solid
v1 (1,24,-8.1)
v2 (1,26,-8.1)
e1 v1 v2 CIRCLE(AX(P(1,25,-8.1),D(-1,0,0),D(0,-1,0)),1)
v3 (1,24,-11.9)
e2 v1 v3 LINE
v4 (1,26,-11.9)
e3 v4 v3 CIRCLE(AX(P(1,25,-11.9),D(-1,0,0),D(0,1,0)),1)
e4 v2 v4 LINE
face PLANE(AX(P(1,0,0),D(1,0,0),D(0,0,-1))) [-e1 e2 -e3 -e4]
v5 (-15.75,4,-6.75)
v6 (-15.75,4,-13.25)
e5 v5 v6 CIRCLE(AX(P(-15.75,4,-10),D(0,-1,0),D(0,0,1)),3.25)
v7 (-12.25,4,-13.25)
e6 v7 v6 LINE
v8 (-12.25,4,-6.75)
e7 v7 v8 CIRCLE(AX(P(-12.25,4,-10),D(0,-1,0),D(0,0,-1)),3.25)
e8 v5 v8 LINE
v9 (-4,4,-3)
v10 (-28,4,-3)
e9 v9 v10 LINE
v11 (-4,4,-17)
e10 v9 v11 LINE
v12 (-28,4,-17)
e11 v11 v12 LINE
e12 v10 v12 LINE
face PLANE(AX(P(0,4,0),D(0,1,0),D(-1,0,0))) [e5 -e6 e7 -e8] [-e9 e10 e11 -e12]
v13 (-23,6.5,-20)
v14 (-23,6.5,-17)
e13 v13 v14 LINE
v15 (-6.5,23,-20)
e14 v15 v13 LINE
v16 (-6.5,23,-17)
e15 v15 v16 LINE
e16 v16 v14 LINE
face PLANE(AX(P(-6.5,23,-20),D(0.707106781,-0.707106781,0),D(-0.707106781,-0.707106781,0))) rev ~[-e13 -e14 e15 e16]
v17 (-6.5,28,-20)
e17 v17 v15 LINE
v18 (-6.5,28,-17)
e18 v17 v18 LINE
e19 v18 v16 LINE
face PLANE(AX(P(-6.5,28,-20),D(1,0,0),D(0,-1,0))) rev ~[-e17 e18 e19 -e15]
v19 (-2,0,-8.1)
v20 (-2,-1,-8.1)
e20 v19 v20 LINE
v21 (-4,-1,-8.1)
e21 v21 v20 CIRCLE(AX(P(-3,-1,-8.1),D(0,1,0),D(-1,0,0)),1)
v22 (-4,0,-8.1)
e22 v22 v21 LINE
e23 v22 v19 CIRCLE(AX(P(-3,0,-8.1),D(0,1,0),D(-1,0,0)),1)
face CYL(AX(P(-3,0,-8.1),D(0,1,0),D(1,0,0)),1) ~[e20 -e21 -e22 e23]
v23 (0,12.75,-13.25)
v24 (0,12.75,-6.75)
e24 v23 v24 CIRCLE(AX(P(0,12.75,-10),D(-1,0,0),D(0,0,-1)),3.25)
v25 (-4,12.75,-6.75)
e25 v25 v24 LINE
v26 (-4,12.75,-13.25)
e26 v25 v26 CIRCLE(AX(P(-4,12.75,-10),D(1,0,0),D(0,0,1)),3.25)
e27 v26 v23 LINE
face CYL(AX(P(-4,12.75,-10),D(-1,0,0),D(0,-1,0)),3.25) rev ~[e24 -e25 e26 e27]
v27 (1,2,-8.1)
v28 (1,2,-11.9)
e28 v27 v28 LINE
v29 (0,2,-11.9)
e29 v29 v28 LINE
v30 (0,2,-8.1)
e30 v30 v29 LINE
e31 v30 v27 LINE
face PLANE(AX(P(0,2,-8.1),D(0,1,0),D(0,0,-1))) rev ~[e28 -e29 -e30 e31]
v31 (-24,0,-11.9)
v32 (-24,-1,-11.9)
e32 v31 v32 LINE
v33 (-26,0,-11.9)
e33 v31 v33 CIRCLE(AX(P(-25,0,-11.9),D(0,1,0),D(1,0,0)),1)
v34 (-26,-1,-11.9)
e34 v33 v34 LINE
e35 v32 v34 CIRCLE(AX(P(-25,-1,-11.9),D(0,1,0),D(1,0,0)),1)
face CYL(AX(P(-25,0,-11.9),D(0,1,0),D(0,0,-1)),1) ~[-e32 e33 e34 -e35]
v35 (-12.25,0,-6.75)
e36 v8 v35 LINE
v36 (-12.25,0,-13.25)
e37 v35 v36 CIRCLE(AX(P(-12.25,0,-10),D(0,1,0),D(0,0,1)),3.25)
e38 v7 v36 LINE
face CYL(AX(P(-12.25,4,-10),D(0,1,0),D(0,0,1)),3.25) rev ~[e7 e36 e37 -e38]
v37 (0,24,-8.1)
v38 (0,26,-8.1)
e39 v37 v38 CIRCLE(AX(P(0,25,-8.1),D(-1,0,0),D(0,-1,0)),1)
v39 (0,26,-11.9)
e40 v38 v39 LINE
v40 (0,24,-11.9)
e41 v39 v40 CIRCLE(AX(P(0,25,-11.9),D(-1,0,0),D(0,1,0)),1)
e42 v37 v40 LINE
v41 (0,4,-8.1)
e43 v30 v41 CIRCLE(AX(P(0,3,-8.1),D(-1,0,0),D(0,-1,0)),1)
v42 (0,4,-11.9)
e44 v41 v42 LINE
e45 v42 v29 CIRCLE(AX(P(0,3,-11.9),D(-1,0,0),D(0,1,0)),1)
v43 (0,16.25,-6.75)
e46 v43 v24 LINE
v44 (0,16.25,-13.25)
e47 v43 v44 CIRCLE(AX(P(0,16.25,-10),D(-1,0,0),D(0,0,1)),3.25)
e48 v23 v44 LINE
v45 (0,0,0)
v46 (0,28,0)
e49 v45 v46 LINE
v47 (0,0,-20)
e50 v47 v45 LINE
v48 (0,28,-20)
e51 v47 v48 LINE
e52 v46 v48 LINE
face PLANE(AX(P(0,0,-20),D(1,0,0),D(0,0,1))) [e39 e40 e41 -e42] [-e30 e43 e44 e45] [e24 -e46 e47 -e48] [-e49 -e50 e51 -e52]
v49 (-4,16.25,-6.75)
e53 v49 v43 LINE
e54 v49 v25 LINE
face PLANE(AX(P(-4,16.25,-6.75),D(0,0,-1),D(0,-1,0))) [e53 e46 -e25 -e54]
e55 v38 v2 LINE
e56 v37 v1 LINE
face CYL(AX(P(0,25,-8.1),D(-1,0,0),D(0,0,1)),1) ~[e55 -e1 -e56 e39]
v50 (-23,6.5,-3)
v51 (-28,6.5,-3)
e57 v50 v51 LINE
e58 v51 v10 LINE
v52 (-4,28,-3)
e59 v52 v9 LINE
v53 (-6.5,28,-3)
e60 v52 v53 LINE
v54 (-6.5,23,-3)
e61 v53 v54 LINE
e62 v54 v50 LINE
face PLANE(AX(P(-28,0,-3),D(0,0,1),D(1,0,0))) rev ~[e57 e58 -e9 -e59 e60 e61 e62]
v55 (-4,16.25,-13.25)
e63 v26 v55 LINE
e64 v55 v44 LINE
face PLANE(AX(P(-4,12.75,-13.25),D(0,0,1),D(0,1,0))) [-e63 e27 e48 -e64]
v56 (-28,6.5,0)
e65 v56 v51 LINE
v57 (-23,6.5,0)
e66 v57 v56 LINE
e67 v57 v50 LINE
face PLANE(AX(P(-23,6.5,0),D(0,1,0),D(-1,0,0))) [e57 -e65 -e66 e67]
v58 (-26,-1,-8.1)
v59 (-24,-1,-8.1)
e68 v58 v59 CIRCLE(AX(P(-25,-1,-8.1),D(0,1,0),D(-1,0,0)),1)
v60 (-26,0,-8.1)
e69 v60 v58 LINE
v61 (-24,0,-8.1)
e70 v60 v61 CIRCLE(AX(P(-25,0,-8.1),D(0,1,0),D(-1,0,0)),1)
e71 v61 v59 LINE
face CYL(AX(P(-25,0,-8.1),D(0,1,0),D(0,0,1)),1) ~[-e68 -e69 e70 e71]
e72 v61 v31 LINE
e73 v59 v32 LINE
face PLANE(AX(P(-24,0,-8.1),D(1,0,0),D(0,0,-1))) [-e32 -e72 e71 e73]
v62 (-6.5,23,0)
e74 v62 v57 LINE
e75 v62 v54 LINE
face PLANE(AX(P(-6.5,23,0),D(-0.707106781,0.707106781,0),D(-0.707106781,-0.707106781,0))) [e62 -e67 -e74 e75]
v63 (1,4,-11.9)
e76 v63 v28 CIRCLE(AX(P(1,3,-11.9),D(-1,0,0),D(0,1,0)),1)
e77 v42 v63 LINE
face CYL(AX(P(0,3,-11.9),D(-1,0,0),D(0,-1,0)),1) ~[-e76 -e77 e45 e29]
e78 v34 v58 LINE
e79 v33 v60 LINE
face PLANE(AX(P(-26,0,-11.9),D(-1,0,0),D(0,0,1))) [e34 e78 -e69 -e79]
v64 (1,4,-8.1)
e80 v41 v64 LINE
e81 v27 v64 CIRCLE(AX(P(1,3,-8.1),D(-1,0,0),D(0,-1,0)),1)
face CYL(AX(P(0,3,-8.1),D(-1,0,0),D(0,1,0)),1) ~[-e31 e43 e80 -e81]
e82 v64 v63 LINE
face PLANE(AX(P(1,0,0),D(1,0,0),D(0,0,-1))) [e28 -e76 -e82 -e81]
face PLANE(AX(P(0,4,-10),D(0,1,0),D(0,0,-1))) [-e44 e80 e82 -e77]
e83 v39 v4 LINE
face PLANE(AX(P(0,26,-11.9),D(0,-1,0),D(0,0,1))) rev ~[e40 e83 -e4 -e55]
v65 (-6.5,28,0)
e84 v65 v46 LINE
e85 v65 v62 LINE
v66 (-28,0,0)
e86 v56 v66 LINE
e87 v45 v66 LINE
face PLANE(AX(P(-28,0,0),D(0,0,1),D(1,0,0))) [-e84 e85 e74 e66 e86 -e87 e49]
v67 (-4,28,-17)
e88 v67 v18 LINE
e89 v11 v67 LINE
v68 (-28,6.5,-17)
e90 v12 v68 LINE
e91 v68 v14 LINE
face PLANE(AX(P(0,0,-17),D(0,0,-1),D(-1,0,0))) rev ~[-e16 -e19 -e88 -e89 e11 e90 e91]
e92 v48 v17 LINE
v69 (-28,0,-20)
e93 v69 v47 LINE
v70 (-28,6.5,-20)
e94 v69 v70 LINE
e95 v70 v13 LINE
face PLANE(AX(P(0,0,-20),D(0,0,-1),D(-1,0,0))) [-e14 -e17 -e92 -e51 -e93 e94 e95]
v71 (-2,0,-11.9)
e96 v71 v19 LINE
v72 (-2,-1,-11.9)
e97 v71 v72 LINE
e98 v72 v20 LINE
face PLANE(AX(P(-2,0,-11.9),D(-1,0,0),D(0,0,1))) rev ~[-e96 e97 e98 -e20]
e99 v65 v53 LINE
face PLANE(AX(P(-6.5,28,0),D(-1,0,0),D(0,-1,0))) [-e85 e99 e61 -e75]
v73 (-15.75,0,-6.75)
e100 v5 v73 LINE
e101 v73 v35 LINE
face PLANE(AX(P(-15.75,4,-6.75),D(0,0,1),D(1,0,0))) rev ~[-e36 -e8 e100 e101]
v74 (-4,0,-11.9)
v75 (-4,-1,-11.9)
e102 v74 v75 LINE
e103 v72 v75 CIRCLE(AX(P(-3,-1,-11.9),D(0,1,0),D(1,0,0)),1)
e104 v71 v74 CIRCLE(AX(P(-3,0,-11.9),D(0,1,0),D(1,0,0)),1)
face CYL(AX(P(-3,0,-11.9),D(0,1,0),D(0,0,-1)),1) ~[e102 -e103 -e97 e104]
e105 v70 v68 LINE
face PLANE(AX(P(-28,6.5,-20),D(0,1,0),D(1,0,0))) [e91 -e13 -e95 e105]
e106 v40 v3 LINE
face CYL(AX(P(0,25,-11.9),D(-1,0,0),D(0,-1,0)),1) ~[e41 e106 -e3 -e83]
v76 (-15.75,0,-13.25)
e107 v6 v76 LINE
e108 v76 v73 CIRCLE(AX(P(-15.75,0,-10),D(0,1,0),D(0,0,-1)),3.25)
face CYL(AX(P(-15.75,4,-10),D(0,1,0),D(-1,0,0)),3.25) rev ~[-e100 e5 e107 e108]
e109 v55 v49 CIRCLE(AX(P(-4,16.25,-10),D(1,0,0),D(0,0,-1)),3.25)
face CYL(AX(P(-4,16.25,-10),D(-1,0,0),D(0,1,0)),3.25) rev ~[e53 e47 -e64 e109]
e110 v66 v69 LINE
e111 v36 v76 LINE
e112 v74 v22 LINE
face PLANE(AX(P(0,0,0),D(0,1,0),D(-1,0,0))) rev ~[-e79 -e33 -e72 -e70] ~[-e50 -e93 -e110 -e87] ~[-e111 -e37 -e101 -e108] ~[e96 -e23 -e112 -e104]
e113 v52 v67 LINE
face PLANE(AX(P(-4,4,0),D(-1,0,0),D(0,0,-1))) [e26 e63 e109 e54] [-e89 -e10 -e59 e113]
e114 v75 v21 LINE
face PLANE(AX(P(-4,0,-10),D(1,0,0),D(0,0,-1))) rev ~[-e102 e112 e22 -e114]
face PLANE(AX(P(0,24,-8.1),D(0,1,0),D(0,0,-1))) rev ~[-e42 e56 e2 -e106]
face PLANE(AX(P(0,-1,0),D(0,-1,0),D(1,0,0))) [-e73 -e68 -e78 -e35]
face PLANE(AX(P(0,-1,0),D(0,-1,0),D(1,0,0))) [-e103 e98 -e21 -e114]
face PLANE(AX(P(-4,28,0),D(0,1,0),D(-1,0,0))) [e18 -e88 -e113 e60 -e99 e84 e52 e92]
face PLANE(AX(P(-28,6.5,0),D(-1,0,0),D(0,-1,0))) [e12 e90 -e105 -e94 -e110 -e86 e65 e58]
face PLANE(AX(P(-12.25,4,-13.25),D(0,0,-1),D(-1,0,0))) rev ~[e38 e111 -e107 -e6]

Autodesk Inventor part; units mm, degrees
ref_plane "YZ Plane" through (0, 0, 0) normal (1, 0, 0) x (0, 1, 0)
ref_plane "XZ Plane" through (0, 0, 0) normal (0, 1, 0) x (-1, 0, 0)
ref_plane "XY Plane" through (0, 0, 0) normal (0, 0, 1) x (1, 0, 0)
sketch "Sketch1" plane through (0, 0, 0) normal (0, 1, 0) x (-1, 0, 0)
  line L0 (0, 0) -> (28, 0)
  line L1 (28, 0) -> (28, -20)
  line L2 (28, -20) -> (0, -20)
  line L3 (0, -20) -> (0, 0)
  dimension "d0" = 28
  dimension "d1" = 20
extrude "Extrusion1" add sketch "Sketch1" along normal blind 4
sketch "Sketch2" plane through (0, 4, 0) normal (0, 1, 0) x (1, 0, 0)
  line L0 (0, 20) -> (-28, 20) projected
  line L1 (-28, 20) -> (-28, 0) projected
  line L2 (-28, 0) -> (0, 0) projected
  line L3 (0, 0) -> (0, 20) projected
  line L4 (0, 0) -> (-4, 0)
  line L5 (-4, 0) -> (-4, 20)
  line L6 (-4, 20) -> (0, 20)
  line L7 (0, 20) -> (0, 0)
  dimension "d4" = 4
extrude "Extrusion2" add sketch "Sketch2" along normal blind 24 contours L3 L2 L5 L0
sketch "Sketch3" plane through (-4, 4, -20) normal (-1, 0, 0) x (0, 0, 1)
  line L0 (20, -4) -> (0, -4) projected
  line L1 (0, -4) -> (0, 24) projected
  line L2 (20, 24) -> (0, 24) projected
  line L3 (20, -4) -> (20, 24) projected
  line L4 (0, -4) -> (0, 24) projected
  line L5 (10, 15.5) -> (10, 15.5)
  line L6 (13.25, 12.25) -> (13.25, 8.75)
  line L7 (10, 5.5) -> (10, 5.5)
  line L8 (6.75, 8.75) -> (6.75, 12.25)
  line L9 (6.75, 15.5) -> (13.25, 5.5) construction
  line L10 (13.25, 15.5) -> (6.75, 5.5) construction
  arc A0 (10, 5.5) -> (13.25, 8.75) centre (10, 8.75) ccw
  arc A1 (6.75, 8.75) -> (10, 5.5) centre (10, 8.75) ccw
  arc A2 (13.25, 12.25) -> (10, 15.5) centre (10, 12.25) ccw
  arc A3 (10, 15.5) -> (6.75, 12.25) centre (10, 12.25) ccw
  point P0 (10, 10.5)
  point P1 (10, 15.5)
  dimension "d7" = 6.5
  dimension "d8" = 10
  dimension "d9" = 3.25
  dimension "d10" = 3.25
  dimension "d11" = 3.25
extrude "Extrusion3" cut sketch "Sketch3" against normal blind 4 contours L6 A0 A1 L8 A3 A2
sketch "Sketch4" plane through (0, 4, 0) normal (0, 1, 0) x (1, 0, 0)
  line L0 (0, 20) -> (-28, 20) projected
  line L1 (0, 0) -> (0, 20) projected
  line L2 (-28, 0) -> (0, 0) projected
  line L3 (-28, 20) -> (-28, 0) projected
  line L4 (-15.75, 6.75) -> (-12.25, 6.75)
  line L5 (-9, 10) -> (-9, 10)
  line L6 (-12.25, 13.25) -> (-15.75, 13.25)
  line L7 (-19, 10) -> (-19, 10)
  line L8 (-19, 6.75) -> (-9, 13.25) construction
  line L9 (-9, 6.75) -> (-19, 13.25) construction
  arc A0 (-9, 10) -> (-12.25, 13.25) centre (-12.25, 10) ccw
  arc A1 (-12.25, 6.75) -> (-9, 10) centre (-12.25, 10) ccw
  arc A2 (-15.75, 13.25) -> (-19, 10) centre (-15.75, 10) ccw
  arc A3 (-19, 10) -> (-15.75, 6.75) centre (-15.75, 10) ccw
  point P0 (-14, 10)
  dimension "d14" = 10
  dimension "d15" = 6.5
  dimension "d16" = 3.25
extrude "Extrusion4" cut sketch "Sketch4" against normal blind 4 contours A3 A2 L6 A0 A1 L4
sketch "Sketch5" plane through (0, 0, -20) normal (0, 0, -1) x (-1, 0, 0)
  line L0 (0, 0) -> (28, 0) projected
  line L1 (28, 0) -> (28, 4) projected
  line L2 (4, 4) -> (28, 4) projected
  line L3 (4, 4) -> (4, 28) projected
  line L4 (0, 28) -> (4, 28) projected
  line L5 (0, 0) -> (0, 28) projected
  line L6 (0, 28) -> (6.5, 28)
  line L7 (28, 0) -> (28, 6.5)
  line L8 (28, 6.5) -> (23, 6.5)
  line L9 (6.5, 28) -> (6.5, 23)
  line L10 (6.5, 23) -> (23, 6.5)
  dimension "d19" = 6.5
  dimension "d20" = 6.5
  dimension "d21" = 5
  dimension "d22" = 5
extrude "Extrusion5" add sketch "Sketch5" against normal blind 3 contours L2 L3 L6 L9 L10 L8 L7
sketch "Sketch6" plane through (-28, 0, 0) normal (0, 0, 1) x (1, 0, 0)
  line L0 (21.5, 23) -> (5, 6.5) projected
  line L1 (5, 6.5) -> (0, 6.5) projected
  line L2 (0, 6.5) -> (0, 4) projected
  line L3 (24, 4) -> (0, 4) projected
  line L4 (24, 28) -> (24, 4) projected
  line L5 (24, 28) -> (21.5, 28) projected
  line L6 (21.5, 28) -> (21.5, 23) projected
  line L7 (0, 0) -> (28, 0) projected
  line L8 (28, 0) -> (28, 28) projected
  line L9 (24, 28) -> (28, 28) projected
  line L10 (24, 4) -> (24, 28) projected
  line L11 (0, 4) -> (24, 4) projected
  line L12 (0, 0) -> (0, 4) projected
extrude "Extrusion6" add sketch "Sketch6" against normal blind 3 contours L6 L5 L4 L3 L2 L1 L0
sketch "Sketch7" plane through (0, 0, 0) normal (1, 0, 0) x (0, 0, -1)
  line L0 (3, 4) -> (17, 4) projected
  line L1 (10, 4) -> (10, 3)
  line L2 (8.1, 2) -> (11.9, 2)
  line L3 (12.9, 3) -> (12.9, 3)
  line L4 (11.9, 4) -> (8.1, 4)
  line L5 (7.1, 3) -> (7.1, 3)
  line L6 (7.1, 2) -> (12.9, 4) construction
  line L7 (12.9, 2) -> (7.1, 4) construction
  arc A0 (8.1, 4) -> (7.1, 3) centre (8.1, 3) ccw
  arc A1 (7.1, 3) -> (8.1, 2) centre (8.1, 3) ccw
  arc A2 (12.9, 3) -> (11.9, 4) centre (11.9, 3) ccw
  arc A3 (11.9, 2) -> (12.9, 3) centre (11.9, 3) ccw
  point P0 (0, 0)
  dimension "d27" = 1
  dimension "d28" = 5.8
  dimension "d29" = 1
extrude "Extrusion7" add sketch "Sketch7" along normal blind 1
sketch "Sketch8" plane through (0, 0, 0) normal (0, -1, 0) x (1, 0, 0)
  line L0 (-4, -3) -> (-4, -17) projected
  line L1 (-4, -10) -> (-3, -10)
  line L2 (-3, -7.1) -> (-3, -7.1)
  line L3 (-4, -8.1) -> (-4, -11.9)
  line L4 (-3, -12.9) -> (-3, -12.9)
  line L5 (-2, -11.9) -> (-2, -8.1)
  line L6 (-2, -7.1) -> (-4, -12.9) construction
  line L7 (-4, -7.1) -> (-2, -12.9) construction
  arc A0 (-4, -11.9) -> (-3, -12.9) centre (-3, -11.9) ccw
  arc A1 (-3, -12.9) -> (-2, -11.9) centre (-3, -11.9) ccw
  arc A2 (-2, -8.1) -> (-3, -7.1) centre (-3, -8.1) ccw
  arc A3 (-3, -7.1) -> (-4, -8.1) centre (-3, -8.1) ccw
  point P0 (0, 0)
  dimension "d32" = 1
  dimension "d33" = 5.8
  dimension "d34" = 1
extrude "Extrusion8" add sketch "Sketch8" along normal blind 1
sketch "Sketch9" plane through (0, 0, 0) normal (0, -1, 0) x (1, 0, 0)
  line L0 (-28, -20) -> (-28, 0) projected
  line L1 (-28, -10) -> (-25, -10)
  line L2 (-25, -12.9) -> (-25, -12.9)
  line L3 (-26, -11.9) -> (-26, -8.1)
  line L4 (-25, -7.1) -> (-25, -7.1)
  line L5 (-24, -8.1) -> (-24, -11.9)
  line L6 (-24, -12.9) -> (-26, -7.1) construction
  line L7 (-26, -12.9) -> (-24, -7.1) construction
  arc A0 (-26, -11.9) -> (-25, -12.9) centre (-25, -11.9) ccw
  arc A1 (-25, -7.1) -> (-26, -8.1) centre (-25, -8.1) ccw
  arc A2 (-24, -8.1) -> (-25, -7.1) centre (-25, -8.1) ccw
  arc A3 (-25, -12.9) -> (-24, -11.9) centre (-25, -11.9) ccw
  point P0 (0, 0)
  dimension "d37" = 3
  dimension "d38" = 2
  dimension "d39" = 5.8
  dimension "d40" = 1
extrude "Extrusion9" add sketch "Sketch9" along normal blind 1
sketch "Sketch10" plane through (0, 0, 0) normal (1, 0, 0) x (0, 0, -1)
  line L0 (17, 28) -> (3, 28) projected
  line L1 (10, 28) -> (10, 25)
  line L2 (8.1, 24) -> (11.9, 24)
  line L3 (12.9, 25) -> (12.9, 25)
  line L4 (11.9, 26) -> (8.1, 26)
  line L5 (7.1, 25) -> (7.1, 25)
  line L6 (7.1, 24) -> (12.9, 26) construction
  line L7 (12.9, 24) -> (7.1, 26) construction
  arc A0 (8.1, 26) -> (7.1, 25) centre (8.1, 25) ccw
  arc A1 (12.9, 25) -> (11.9, 26) centre (11.9, 25) ccw
  arc A2 (11.9, 24) -> (12.9, 25) centre (11.9, 25) ccw
  arc A3 (7.1, 25) -> (8.1, 24) centre (8.1, 25) ccw
  point P0 (0, 0)
  dimension "d43" = 3
  dimension "d44" = 5.8
  dimension "d45" = 2
  dimension "d46" = 1
extrude "Extrusion10" add sketch "Sketch10" along normal blind 1
properties part number "CORNER2028"
